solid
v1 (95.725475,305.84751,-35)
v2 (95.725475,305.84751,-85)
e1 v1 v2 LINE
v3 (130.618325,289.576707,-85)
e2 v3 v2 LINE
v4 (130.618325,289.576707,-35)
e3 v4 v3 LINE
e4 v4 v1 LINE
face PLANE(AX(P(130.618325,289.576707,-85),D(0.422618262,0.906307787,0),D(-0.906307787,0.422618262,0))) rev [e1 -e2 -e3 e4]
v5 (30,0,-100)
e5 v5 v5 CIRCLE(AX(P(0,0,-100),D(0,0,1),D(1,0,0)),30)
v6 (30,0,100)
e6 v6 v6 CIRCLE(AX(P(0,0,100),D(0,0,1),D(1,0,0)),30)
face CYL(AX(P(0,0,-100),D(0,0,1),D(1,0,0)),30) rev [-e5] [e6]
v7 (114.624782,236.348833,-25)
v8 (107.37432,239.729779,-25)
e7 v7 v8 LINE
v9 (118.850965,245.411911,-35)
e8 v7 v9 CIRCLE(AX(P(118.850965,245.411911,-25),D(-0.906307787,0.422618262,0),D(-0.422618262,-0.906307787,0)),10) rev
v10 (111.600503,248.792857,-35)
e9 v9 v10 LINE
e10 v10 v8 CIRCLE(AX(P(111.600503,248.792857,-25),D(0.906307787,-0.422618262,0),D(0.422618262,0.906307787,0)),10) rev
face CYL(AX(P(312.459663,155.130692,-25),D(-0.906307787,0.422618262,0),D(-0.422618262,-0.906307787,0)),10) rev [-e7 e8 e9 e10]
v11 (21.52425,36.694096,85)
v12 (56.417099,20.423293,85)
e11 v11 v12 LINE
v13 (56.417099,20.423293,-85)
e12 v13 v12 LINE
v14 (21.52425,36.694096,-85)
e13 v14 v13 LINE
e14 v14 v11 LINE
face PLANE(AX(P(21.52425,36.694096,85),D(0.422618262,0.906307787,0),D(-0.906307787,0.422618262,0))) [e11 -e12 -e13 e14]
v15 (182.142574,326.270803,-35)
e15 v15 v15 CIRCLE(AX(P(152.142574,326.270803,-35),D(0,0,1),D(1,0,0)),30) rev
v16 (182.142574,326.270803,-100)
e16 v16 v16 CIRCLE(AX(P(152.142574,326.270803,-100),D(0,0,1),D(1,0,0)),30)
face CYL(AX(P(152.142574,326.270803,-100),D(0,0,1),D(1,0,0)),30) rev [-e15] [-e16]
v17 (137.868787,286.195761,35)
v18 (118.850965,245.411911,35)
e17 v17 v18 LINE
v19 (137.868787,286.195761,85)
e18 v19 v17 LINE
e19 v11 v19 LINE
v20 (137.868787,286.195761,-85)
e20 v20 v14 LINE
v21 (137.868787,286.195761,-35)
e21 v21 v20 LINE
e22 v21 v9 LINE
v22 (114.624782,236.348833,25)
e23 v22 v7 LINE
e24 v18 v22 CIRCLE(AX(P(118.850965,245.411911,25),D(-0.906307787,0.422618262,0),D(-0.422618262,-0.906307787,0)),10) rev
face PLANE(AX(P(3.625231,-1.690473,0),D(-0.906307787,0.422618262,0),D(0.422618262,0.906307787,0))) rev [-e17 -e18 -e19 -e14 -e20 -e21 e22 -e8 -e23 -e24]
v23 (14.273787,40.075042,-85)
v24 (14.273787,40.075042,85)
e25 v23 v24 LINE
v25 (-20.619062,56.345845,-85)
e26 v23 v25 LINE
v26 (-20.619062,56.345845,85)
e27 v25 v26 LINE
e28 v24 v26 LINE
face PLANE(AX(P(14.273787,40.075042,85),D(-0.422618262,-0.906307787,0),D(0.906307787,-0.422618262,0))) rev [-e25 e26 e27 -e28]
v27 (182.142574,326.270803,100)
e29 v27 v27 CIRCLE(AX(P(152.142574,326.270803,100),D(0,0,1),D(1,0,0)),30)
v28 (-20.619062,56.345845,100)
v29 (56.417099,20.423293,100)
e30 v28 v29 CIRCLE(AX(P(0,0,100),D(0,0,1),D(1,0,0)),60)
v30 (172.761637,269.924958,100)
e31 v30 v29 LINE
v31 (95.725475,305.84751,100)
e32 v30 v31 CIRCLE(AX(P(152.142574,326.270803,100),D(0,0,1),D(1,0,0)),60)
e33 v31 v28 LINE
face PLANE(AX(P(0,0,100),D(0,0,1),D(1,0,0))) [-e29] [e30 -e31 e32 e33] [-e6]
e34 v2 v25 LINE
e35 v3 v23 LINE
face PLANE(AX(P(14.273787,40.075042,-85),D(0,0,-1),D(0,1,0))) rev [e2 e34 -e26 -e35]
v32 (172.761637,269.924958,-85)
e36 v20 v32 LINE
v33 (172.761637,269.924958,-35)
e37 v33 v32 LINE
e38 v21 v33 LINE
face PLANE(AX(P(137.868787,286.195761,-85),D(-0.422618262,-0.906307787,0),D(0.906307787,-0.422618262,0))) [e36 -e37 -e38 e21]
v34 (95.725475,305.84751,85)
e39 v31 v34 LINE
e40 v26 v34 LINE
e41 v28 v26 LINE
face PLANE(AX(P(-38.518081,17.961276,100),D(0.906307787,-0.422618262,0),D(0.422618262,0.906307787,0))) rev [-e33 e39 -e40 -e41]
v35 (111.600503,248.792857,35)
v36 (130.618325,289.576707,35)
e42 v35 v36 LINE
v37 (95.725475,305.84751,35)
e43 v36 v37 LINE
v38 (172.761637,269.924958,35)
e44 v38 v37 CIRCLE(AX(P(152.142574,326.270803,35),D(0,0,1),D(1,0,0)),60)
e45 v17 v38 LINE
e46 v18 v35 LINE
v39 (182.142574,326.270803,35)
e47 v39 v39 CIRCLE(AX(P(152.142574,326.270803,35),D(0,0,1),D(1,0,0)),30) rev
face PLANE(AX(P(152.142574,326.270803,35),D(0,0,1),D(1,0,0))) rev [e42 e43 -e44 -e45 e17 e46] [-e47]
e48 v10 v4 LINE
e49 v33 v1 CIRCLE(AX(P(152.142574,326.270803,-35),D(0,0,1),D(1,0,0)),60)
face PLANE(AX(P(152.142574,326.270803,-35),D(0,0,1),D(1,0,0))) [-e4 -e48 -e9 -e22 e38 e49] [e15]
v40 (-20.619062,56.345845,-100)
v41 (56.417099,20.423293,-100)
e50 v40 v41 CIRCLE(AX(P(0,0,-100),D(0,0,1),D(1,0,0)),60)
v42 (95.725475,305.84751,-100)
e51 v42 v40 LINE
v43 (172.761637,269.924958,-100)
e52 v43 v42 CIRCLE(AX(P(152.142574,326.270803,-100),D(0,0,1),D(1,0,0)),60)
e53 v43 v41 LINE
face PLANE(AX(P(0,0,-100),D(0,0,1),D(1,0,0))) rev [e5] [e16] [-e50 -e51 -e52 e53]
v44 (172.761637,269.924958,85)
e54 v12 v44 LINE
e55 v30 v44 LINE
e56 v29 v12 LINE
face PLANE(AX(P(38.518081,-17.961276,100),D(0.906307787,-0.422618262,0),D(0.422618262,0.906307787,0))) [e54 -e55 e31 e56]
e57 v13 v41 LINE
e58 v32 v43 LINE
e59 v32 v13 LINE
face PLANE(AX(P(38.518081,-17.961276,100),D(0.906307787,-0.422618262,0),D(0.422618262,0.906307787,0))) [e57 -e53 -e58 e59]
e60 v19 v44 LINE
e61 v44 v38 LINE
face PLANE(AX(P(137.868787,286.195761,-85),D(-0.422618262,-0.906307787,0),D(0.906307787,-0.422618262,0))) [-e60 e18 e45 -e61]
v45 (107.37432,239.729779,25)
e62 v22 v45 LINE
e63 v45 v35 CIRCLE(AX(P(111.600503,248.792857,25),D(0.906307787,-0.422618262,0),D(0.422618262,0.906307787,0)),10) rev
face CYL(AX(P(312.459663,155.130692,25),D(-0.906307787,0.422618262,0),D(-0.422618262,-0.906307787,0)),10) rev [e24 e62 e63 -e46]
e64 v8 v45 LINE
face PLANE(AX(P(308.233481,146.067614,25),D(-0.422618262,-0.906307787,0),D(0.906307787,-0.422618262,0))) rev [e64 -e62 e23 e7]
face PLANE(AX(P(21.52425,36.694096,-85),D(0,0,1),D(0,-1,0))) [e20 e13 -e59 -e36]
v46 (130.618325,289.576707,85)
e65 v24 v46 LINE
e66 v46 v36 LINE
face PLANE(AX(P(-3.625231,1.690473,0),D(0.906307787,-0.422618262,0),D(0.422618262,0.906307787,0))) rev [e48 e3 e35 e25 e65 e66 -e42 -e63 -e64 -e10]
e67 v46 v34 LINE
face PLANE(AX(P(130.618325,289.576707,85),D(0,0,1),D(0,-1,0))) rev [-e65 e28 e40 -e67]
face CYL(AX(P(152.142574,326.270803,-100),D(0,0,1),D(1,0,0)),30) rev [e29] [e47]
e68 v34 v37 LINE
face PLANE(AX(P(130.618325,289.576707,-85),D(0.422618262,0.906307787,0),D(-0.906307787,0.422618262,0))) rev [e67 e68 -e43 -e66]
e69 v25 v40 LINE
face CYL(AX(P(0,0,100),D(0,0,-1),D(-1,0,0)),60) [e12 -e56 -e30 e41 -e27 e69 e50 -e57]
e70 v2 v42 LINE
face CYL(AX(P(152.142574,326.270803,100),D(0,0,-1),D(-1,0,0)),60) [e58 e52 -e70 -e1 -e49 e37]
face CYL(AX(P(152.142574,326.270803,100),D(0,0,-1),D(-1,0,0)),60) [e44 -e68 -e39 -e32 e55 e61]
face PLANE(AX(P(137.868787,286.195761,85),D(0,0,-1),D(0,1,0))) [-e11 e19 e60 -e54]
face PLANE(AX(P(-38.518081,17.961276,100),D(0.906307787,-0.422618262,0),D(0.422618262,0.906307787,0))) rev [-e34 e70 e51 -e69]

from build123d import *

# Parameters (mm, degrees)
BOSS_EXTRUDE1_DEPTH     = 100
CUT_EXTRUDE1_DEPTH      = 452.895569028
CUT_EXTRUDE1_DEPTH_BACK = 452.895569028
SKETCH2_R               = 30
SKETCH9_R               = 60
CUT_EXTRUDE4_DEPTH      = 35
CUT_EXTRUDE5_DEPTH      = 457.59902747
SKETCH12_W              = 170
SKETCH12_H              = 275.29462827
CUT_EXTRUDE6_DEPTH      = 38.5


with BuildPart() as part:
    # Sketch1 → Boss-Extrude1 (new, symmetric)
    with BuildSketch(Plane.XY):
        with BuildLine():
            Line((56.417099429, 20.423292878), (172.761636695, 269.924958208))
            ThreePointArc((172.761636695, 269.924958208), (177.499669931, 380.649270555), (95.725474797, 305.847510456))
            Line((95.725474797, 305.847510456), (-20.619062469, 56.345845126))
            ThreePointArc((-20.619062469, 56.345845126), (-25.357095704, -54.378467222), (56.417099429, 20.423292878))
        make_face()
    extrude(amount=BOSS_EXTRUDE1_DEPTH, both=True)

    # Sketch2 → Cut-Extrude1 (cut, two sides: drawn at the far end of the back side and taken through both)
    with BuildSketch(Plane.XY.offset(-CUT_EXTRUDE1_DEPTH_BACK)):
        Circle(SKETCH2_R)
        with Locations((152.142574227, 326.270803333)):
            Circle(SKETCH2_R)
    extrude(amount=CUT_EXTRUDE1_DEPTH + CUT_EXTRUDE1_DEPTH_BACK, mode=Mode.SUBTRACT)

    # Sketch9 → Cut-Extrude4 (cut, symmetric)
    with BuildSketch(Plane.XY):
        with Locations((152.142574227, 326.270803333)):
            Circle(SKETCH9_R)
    extrude(amount=CUT_EXTRUDE4_DEPTH, both=True, mode=Mode.SUBTRACT)

    # Sketch10 → Cut-Extrude5 (cut, through all)
    with BuildSketch(Plane(origin=(-38.518080949, 17.961276124, 0), x_dir=(0, 0, 1), z_dir=(-0.906307787036651, 0.42261826174069733, 0))):
        with BuildLine():
            Line((-35, 317.647314135), (-35, 272.647314135))
            ThreePointArc((-35, 272.647314135), (-32.071067812, 265.576246323), (-25, 262.647314135))
            Line((-25, 262.647314135), (0, 262.647314135))
            Line((0, 262.647314135), (25, 262.647314135))
            ThreePointArc((25, 262.647314135), (32.071067812, 265.576246323), (35, 272.647314135))
            Line((35, 272.647314135), (35, 317.647314135))
            Line((35, 317.647314135), (-35, 317.647314135))
        make_face()
    extrude(amount=-CUT_EXTRUDE5_DEPTH, mode=Mode.SUBTRACT)

    # Sketch12 → Cut-Extrude6 (cut)
    with BuildSketch(Plane(origin=(-38.518080949, 17.961276124, 0), x_dir=(0, 0, 1), z_dir=(-0.906307787036651, 0.42261826174069733, 0))):
        with Locations((0, 180)):
            Rectangle(SKETCH12_W, SKETCH12_H)
    cut_extrude6 = extrude(amount=-CUT_EXTRUDE6_DEPTH, mode=Mode.SUBTRACT)

    # Mirror1: Cut-Extrude6 across plane
    add(cut_extrude6.mirror(Plane(origin=(0, 0, 0), x_dir=(0, 0, 1), z_dir=(-0.906307787036651, 0.42261826174069733, 0))), mode=Mode.SUBTRACT)


solid = part.part
